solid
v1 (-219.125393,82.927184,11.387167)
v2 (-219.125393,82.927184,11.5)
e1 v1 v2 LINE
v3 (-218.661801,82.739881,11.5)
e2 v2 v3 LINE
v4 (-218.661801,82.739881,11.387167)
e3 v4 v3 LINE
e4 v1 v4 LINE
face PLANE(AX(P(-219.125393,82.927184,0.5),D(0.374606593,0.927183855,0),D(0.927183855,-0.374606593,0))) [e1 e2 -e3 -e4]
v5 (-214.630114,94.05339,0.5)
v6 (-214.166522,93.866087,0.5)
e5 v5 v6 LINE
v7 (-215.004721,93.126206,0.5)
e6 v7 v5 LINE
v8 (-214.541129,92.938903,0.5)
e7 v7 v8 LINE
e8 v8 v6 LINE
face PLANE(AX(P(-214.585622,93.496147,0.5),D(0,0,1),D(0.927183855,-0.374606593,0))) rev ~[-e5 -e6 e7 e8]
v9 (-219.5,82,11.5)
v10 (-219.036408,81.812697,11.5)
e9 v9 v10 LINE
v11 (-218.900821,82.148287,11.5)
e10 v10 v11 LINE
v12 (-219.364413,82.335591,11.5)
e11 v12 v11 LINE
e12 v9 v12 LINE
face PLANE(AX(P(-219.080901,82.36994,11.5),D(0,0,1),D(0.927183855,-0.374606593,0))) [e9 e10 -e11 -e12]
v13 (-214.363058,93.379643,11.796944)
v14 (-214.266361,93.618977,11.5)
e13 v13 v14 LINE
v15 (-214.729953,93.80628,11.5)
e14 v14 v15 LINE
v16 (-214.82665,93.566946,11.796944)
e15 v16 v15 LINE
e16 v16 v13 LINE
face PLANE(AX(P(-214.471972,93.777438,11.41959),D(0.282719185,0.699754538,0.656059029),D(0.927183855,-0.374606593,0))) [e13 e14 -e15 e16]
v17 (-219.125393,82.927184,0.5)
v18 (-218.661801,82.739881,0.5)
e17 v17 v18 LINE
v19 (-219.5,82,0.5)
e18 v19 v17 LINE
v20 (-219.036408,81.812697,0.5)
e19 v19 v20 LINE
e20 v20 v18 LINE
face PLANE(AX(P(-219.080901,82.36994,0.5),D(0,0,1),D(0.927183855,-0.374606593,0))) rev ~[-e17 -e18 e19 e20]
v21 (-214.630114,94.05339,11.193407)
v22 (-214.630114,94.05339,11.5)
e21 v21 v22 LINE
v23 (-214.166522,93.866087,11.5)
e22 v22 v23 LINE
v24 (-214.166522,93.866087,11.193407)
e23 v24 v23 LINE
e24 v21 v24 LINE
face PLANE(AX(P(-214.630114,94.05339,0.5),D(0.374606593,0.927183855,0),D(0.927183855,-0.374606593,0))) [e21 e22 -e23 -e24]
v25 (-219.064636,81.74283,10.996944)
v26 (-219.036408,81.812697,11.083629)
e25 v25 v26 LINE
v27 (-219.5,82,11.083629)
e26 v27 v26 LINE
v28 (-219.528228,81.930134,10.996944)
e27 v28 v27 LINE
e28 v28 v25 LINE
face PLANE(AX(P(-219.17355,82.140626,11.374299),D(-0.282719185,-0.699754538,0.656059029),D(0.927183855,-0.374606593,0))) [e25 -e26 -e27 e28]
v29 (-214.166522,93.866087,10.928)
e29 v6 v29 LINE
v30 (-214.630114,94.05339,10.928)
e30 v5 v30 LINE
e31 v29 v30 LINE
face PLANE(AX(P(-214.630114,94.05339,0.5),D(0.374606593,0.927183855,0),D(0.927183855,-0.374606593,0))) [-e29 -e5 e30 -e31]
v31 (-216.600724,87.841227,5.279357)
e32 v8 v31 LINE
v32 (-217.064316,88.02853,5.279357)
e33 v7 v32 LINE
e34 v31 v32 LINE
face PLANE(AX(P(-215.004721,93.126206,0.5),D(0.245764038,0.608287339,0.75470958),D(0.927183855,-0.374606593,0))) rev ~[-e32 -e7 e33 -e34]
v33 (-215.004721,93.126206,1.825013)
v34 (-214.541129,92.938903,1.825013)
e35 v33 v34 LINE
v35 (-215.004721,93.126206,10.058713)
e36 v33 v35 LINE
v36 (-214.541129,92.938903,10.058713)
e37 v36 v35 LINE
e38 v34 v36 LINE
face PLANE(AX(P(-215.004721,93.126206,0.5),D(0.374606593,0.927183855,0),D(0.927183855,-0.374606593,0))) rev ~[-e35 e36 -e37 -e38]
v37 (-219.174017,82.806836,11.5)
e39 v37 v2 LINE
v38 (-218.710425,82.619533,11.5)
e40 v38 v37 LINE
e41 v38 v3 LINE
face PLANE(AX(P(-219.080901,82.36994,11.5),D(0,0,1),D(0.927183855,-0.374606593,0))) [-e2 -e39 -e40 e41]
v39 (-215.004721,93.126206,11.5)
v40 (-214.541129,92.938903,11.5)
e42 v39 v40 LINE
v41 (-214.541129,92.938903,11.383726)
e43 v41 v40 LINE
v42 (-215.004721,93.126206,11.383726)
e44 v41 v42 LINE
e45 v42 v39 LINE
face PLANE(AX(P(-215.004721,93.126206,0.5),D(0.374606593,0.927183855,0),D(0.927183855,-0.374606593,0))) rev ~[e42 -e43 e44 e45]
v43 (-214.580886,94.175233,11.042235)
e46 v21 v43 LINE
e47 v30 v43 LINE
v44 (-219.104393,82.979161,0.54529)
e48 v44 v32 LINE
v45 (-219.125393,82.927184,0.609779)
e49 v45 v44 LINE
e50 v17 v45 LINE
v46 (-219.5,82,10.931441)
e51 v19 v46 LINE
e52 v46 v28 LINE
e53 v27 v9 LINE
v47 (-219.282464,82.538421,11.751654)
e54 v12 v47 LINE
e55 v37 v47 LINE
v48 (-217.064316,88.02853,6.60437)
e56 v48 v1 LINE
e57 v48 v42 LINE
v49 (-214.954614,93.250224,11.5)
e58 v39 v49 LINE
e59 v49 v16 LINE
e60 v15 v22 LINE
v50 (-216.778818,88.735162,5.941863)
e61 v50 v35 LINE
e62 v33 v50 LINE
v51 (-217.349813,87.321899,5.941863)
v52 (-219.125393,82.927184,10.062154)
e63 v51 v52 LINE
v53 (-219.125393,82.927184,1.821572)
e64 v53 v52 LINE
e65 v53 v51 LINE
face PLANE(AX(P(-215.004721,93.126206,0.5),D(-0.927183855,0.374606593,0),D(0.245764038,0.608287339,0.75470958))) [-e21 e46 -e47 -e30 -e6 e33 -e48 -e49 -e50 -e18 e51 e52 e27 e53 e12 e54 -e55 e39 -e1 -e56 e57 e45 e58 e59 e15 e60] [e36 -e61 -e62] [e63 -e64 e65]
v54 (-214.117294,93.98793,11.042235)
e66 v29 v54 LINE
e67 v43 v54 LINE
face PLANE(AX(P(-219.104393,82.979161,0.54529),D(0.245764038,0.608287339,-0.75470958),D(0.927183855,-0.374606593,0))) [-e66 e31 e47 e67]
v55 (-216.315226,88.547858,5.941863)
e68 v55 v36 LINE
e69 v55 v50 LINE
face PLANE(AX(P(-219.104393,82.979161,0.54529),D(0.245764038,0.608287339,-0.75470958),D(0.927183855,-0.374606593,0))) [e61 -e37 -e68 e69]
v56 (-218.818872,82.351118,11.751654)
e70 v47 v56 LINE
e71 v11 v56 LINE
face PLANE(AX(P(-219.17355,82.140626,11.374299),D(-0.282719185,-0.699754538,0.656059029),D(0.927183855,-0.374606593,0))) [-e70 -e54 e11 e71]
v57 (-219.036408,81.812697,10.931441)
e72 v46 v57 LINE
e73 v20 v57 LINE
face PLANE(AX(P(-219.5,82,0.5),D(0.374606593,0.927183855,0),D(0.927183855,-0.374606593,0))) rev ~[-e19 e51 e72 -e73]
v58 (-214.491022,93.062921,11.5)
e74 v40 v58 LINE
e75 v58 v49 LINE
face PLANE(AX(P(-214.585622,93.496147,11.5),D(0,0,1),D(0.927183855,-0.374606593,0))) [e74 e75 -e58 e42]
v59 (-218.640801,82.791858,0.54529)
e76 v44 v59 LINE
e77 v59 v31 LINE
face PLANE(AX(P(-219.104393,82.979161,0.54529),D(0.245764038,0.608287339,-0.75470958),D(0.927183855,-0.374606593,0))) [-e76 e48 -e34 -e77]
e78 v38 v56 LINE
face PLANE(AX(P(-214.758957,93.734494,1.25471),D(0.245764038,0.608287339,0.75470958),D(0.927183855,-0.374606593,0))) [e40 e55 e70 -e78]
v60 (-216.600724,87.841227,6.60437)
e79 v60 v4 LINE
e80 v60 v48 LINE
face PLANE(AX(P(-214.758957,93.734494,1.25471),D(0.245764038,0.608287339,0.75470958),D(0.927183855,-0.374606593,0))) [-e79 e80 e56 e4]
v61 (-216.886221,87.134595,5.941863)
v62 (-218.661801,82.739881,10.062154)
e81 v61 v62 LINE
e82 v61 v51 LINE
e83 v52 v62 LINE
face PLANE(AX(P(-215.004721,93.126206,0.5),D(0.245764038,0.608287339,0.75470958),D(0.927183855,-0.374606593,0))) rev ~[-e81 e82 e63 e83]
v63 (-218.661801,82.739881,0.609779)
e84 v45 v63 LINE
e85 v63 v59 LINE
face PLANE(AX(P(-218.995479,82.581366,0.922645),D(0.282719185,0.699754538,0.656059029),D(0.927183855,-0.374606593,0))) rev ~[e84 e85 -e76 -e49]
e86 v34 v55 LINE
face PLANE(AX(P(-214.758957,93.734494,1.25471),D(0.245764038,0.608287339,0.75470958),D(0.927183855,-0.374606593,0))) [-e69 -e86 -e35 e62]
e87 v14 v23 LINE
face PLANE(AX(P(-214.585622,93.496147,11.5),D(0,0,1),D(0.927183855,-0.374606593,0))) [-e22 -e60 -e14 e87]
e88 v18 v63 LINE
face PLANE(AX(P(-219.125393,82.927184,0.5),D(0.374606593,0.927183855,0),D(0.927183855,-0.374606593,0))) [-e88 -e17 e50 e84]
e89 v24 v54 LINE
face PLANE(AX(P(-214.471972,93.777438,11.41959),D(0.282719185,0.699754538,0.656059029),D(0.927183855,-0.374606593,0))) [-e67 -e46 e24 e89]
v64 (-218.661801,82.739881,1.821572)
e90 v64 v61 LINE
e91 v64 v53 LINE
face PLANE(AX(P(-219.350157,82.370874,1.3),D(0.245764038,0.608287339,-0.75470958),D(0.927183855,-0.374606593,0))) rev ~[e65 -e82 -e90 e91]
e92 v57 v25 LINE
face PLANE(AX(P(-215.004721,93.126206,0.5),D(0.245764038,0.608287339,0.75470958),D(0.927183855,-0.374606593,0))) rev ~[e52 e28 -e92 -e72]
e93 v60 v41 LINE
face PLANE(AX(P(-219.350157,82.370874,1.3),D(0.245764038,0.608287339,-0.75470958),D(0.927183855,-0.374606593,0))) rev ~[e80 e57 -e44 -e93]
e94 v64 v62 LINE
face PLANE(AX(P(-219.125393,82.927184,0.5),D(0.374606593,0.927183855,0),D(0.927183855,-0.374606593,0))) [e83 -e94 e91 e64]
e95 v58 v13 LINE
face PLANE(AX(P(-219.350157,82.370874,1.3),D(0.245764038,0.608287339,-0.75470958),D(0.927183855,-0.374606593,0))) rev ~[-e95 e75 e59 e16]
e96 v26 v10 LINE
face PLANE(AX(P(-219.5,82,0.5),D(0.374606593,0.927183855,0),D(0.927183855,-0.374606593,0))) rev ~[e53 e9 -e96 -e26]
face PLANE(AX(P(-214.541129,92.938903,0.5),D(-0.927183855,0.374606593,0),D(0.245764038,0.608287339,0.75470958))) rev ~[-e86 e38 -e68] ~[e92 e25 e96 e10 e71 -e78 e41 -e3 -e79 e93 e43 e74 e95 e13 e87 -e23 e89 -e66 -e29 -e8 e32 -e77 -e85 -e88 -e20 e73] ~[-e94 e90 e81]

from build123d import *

# Parameters (mm, degrees)
BOX216_W                  = 0.5
BOX216_H                  = 1
BOX216_DEPTH              = 11
BOX217_W                  = 0.5
BOX217_H                  = 1
BOX217_DEPTH              = 16
BOX217_ROLL_ANGLE         = 49
BOX218_W                  = 0.5
BOX218_H                  = 1
BOX218_DEPTH              = 16
BOX218_ROLL_ANGLE         = -49
BOX215_W                  = 0.5
BOX215_H                  = 1
BOX215_DEPTH              = 11
FUSION016_PLACEMENT_ANGLE = -22


with BuildPart() as cubo216:
    # Box216 → Box216 (new body)
    with BuildSketch(Plane(origin=(0, 12, 0.5), x_dir=(1, 0, 0), z_dir=(0, 0, 1))):
        with Locations((0.25, 0.5)):
            Rectangle(BOX216_W, BOX216_H)
    extrude(amount=BOX216_DEPTH)


with BuildPart() as cubo217:
    # Box217 → Box217 (new body)
    with BuildSketch(Plane.XY):
        with Locations((0.25, 0.5)):
            Rectangle(BOX217_W, BOX217_H)
    extrude(amount=BOX217_DEPTH)


with BuildPart() as cubo217_1:
    # Box217 roll: moved
    add(cubo217.part.rotate(Axis((0, 0, 0), (1, 0, 0)), BOX217_ROLL_ANGLE))


with BuildPart() as cubo217_2:
    # Box217 placement: moved
    add(cubo217_1.part.moved(Location((0, 12, 0.5))))


with BuildPart() as cubo218:
    # Box218 → Box218 (new body)
    with BuildSketch(Plane.XY):
        with Locations((0.25, 0.5)):
            Rectangle(BOX218_W, BOX218_H)
    extrude(amount=BOX218_DEPTH)


with BuildPart() as cubo218_1:
    # Box218 roll: moved
    add(cubo218.part.rotate(Axis((0, 0, 0), (1, 0, 0)), BOX218_ROLL_ANGLE))


with BuildPart() as cubo218_2:
    # Box218 placement: moved
    add(cubo218_1.part.moved(Location((0, 0.4, 1.3))))


with BuildPart() as fusion016:
    # Box215 → Box215 (new body)
    with BuildSketch(Plane.XY.offset(0.5)):
        with Locations((0.25, 0.5)):
            Rectangle(BOX215_W, BOX215_H)
    extrude(amount=BOX215_DEPTH)

    # Fusion016: union Cubo216, Cubo217, Cubo218
    add(cubo216.part)
    add(cubo217_2.part)
    add(cubo218_2.part)


with BuildPart() as fusion016_1:
    # Fusion016 placement: moved
    add(fusion016.part.moved(Location((-219.5, 82, 0))).rotate(Axis((-219.5, 82, 0), (0, 0, 1)), FUSION016_PLACEMENT_ANGLE))


solid = fusion016_1.part
